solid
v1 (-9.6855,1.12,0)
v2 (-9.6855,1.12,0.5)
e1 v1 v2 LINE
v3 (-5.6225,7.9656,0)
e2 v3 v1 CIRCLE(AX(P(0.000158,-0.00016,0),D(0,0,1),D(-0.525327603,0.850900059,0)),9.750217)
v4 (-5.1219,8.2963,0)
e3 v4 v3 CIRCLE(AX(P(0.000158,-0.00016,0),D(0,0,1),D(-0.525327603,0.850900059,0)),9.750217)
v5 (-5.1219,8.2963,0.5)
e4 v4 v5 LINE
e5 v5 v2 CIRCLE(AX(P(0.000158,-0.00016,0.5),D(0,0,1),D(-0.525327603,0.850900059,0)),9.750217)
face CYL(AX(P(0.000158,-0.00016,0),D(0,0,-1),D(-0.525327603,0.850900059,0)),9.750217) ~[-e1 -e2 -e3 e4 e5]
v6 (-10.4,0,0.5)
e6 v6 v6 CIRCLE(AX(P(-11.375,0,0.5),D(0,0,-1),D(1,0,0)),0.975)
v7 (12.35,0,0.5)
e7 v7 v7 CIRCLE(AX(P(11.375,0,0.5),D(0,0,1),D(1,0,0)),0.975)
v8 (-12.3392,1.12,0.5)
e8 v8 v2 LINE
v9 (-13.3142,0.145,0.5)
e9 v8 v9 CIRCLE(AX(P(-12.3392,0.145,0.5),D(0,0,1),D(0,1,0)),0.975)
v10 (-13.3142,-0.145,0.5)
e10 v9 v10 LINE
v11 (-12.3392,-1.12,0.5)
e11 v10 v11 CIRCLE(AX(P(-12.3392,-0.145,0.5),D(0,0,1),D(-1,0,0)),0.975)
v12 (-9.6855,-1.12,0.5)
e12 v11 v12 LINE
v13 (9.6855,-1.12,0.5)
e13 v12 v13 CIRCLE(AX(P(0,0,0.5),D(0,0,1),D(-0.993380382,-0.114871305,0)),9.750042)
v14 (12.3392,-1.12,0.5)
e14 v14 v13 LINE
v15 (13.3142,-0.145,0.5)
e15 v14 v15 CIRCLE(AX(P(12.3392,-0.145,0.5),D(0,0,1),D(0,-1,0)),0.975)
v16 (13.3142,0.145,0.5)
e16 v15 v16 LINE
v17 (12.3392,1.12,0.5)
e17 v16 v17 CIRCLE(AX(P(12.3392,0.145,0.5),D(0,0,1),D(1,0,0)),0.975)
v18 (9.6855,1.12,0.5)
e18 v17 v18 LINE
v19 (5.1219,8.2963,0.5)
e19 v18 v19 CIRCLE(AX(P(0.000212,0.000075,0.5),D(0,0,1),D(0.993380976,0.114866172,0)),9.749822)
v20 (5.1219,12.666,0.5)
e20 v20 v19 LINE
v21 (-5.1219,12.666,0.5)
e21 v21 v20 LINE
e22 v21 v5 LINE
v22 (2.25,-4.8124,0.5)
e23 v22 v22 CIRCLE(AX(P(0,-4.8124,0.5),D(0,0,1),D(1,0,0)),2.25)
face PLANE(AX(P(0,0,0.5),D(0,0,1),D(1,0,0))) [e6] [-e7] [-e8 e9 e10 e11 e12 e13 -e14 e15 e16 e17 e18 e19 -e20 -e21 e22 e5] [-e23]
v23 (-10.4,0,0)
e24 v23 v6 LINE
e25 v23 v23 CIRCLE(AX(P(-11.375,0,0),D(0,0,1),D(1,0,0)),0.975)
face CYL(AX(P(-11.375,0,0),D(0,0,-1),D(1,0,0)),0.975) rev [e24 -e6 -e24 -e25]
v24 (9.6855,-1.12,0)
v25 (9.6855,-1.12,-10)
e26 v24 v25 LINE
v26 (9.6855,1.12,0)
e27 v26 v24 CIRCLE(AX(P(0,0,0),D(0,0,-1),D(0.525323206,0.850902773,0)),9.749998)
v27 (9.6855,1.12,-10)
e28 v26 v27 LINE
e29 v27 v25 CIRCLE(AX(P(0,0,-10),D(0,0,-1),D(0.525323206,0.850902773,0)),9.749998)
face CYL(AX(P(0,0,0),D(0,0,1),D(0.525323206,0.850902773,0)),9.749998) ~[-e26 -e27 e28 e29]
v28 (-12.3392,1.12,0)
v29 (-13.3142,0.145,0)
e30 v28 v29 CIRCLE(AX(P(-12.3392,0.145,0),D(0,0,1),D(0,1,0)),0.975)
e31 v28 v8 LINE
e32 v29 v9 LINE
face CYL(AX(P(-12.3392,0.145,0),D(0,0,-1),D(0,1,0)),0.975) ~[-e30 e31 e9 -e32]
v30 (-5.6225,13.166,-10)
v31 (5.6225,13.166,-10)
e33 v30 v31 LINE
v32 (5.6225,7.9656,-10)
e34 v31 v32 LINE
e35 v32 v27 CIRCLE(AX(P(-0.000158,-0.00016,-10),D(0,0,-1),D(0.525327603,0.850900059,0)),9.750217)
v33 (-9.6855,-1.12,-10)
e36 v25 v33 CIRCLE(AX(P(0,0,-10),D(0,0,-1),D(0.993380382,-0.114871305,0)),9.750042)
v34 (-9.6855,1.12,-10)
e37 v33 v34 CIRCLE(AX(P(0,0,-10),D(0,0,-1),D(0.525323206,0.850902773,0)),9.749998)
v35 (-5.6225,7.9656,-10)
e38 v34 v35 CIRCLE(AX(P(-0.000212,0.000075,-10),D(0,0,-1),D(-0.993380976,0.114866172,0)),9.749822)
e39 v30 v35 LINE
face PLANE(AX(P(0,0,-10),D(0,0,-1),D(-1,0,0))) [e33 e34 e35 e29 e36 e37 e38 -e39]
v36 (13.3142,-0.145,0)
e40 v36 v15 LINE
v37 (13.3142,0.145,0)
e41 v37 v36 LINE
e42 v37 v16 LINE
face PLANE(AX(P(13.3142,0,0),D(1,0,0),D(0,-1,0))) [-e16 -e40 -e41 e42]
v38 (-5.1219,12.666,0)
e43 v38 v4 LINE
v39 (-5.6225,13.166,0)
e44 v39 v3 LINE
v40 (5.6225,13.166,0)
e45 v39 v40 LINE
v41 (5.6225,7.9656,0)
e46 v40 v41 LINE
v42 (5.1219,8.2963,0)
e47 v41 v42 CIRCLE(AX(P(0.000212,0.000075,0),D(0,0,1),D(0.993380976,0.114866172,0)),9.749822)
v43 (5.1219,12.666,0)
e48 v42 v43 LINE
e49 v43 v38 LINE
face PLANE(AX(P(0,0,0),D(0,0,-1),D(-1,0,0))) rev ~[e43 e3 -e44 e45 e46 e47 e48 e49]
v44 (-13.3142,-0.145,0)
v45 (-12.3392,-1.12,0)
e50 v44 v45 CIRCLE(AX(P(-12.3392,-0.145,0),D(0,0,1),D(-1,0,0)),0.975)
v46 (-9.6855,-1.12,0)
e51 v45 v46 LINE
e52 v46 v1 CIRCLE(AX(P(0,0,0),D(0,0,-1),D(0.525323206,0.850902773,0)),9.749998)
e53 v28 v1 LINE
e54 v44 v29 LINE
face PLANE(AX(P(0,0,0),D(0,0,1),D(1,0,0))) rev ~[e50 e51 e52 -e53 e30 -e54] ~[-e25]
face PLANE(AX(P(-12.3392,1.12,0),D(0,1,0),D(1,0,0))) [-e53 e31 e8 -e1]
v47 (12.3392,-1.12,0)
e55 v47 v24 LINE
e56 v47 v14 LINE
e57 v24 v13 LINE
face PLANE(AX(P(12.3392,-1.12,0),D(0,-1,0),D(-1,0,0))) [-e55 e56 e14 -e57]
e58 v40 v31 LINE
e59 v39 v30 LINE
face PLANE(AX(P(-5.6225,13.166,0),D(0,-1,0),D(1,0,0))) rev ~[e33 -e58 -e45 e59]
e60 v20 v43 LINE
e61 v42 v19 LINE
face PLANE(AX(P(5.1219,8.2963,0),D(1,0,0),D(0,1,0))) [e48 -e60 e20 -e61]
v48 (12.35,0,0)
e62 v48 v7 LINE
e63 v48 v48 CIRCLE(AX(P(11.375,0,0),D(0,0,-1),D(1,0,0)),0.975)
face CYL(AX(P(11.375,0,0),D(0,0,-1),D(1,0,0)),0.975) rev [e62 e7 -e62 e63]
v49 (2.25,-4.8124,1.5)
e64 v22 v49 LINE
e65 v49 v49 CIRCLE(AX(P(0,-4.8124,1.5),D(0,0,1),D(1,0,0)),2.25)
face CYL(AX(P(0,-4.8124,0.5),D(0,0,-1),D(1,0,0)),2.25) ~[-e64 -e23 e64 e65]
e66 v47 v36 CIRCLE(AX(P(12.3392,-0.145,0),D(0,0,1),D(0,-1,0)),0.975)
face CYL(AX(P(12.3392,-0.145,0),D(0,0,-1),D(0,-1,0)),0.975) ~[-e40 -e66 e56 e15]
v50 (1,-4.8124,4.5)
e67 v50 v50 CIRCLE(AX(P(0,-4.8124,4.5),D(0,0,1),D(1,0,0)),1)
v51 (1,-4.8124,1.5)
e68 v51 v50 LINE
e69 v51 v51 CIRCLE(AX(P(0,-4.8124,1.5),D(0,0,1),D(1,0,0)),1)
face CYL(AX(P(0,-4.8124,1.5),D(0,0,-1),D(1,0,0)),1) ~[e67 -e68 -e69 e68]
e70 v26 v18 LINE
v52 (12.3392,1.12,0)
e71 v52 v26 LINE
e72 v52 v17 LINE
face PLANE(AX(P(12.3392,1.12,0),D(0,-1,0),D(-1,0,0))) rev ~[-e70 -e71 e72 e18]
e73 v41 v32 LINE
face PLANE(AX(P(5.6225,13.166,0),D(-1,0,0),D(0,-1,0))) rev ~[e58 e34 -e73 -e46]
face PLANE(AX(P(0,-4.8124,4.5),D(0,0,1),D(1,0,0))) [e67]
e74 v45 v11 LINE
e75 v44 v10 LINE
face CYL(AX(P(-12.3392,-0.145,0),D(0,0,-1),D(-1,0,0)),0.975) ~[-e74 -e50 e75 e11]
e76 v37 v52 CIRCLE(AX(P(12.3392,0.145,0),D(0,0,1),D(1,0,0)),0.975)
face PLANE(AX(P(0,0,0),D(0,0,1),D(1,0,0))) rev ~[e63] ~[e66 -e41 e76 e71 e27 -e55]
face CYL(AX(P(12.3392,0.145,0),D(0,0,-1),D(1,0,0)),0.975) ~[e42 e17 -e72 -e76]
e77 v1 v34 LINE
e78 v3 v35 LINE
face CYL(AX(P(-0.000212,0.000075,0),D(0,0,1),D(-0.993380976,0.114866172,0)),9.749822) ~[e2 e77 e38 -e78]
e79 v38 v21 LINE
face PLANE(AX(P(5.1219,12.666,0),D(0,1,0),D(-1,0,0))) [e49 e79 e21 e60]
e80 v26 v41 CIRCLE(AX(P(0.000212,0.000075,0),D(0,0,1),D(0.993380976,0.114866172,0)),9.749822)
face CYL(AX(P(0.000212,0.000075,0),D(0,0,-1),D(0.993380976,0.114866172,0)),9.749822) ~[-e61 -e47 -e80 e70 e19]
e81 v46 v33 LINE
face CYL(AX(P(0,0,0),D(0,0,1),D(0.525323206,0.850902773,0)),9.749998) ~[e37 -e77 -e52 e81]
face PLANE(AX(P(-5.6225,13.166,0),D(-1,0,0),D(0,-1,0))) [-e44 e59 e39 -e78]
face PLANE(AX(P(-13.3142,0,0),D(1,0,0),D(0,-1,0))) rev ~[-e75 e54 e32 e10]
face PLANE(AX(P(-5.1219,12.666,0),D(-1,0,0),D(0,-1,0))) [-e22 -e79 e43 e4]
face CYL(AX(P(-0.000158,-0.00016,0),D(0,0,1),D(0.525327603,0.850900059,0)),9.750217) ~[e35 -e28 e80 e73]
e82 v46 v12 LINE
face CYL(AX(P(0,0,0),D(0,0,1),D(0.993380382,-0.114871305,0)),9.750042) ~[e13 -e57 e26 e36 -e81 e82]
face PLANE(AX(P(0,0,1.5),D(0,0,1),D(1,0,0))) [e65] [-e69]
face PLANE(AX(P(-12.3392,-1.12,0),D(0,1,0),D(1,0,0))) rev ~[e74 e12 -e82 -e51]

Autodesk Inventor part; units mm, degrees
ref_plane "YZ Plane" through (0, 0, 0) normal (1, 0, 0) x (0, 1, 0)
ref_plane "XZ Plane" through (0, 0, 0) normal (0, 1, 0) x (-1, 0, 0)
ref_plane "XY Plane" through (0, 0, 0) normal (0, 0, 1) x (1, 0, 0)
sketch "Boceto1" plane through (0, 0, 0) normal (0, 0, 1) x (1, 0, 0)
  circle A0 centre (-11.375, 0) radius 0.975
  arc A1 (13.3142, 0.145) -> (12.3392, 1.12) centre (12.3392, 0.145) ccw
  line L0 (12.3392, 1.12) -> (9.6855, 1.12)
  line L1 (18.4935, 0) -> (-19.3273, 0)
  arc A2 (12.3392, -1.12) -> (13.3142, -0.145) centre (12.3392, -0.145) ccw
  line L2 (12.3392, -1.12) -> (9.6855, -1.12)
  line L3 (0, 0) -> (0, 1.0605)
  arc A3 (-12.3392, 1.12) -> (-13.3142, 0.145) centre (-12.3392, 0.145) ccw
  line L4 (-12.3392, 1.12) -> (-9.6855, 1.12)
  line L5 (-12.3392, -1.12) -> (-9.6855, -1.12)
  arc A4 (-13.3142, -0.145) -> (-12.3392, -1.12) centre (-12.3392, -0.145) ccw
  line L6 (-5.1219, 12.666) -> (5.1219, 12.666)
  arc A5 (-5.1219, 8.2963) -> (-9.6855, 1.12) centre (0, 0) ccw
  arc A6 (-9.6855, -1.12) -> (9.6855, -1.12) centre (0, 0) ccw
  arc A7 (9.6855, 1.12) -> (5.1219, 8.2963) centre (0, 0) ccw
  line L7 (-5.1219, 12.666) -> (-5.1219, 8.2963)
  line L8 (5.1219, 12.666) -> (5.1219, 8.2963)
  line L9 (-13.3142, 0.145) -> (-13.3142, -0.145)
  line L10 (13.3142, 0.145) -> (13.3142, -0.145)
  circle A8 centre (11.375, 0) radius 0.975
  point P0 (13.3033, 0)
  point P1 (13.3142, 0)
  point P2 (5.1219, 10.4811)
  dimension "d2" = 1.95
  dimension "d4" = 11.375
  dimension "d7" = 1.95
  dimension "d12" = 2.6537
  dimension "d20" = 9.75
  dimension "d21" = 2.24
  dimension "d22" = 12.666
  dimension "d24" = 10.2439
  dimension "d25" = 10.2439
  dimension "d26" = 4.3697
  dimension "d29" = 1.95
  dimension "d30" = 11.375
extrude "Extrusión3" add sketch "Boceto1" along normal blind 0.5 contours L1 A8 L10 A2 L2 A6 L5 A4 L9 A0 | A0 L1 L9 A3 L4 A5 L7 L6 L8 A7 L0 A1 L10 A8
sketch "Boceto2" plane through (0, 0, 0) normal (0, 0, -1) x (-1, 0, 0)
  line L0 (-5.1219, 12.666) -> (5.1219, 12.666) projected
  line L1 (-5.1219, 8.2963) -> (-5.1219, 12.666) projected
  arc A0 (-5.1219, 8.2963) -> (-9.6855, 1.12) centre (0, 0) ccw projected
  line L2 (-12.3392, 1.12) -> (-9.6855, 1.12) projected
  arc A1 (-12.3392, 1.12) -> (-13.3142, 0.145) centre (-12.3392, 0.145) ccw projected
  line L3 (-13.3142, -0.145) -> (-13.3142, 0.145) projected
  arc A2 (-13.3142, -0.145) -> (-12.3392, -1.12) centre (-12.3392, -0.145) ccw projected
  line L4 (-9.6855, -1.12) -> (-12.3392, -1.12) projected
  arc A3 (-9.6855, -1.12) -> (9.6855, -1.12) centre (0, 0) ccw projected
  line L5 (12.3392, -1.12) -> (9.6855, -1.12) projected
  arc A4 (12.3392, -1.12) -> (13.3142, -0.145) centre (12.3392, -0.145) ccw projected
  line L6 (13.3142, 0.145) -> (13.3142, -0.145) projected
  arc A5 (13.3142, 0.145) -> (12.3392, 1.12) centre (12.3392, 0.145) ccw projected
  line L7 (9.6855, 1.12) -> (12.3392, 1.12) projected
  arc A6 (9.6855, 1.12) -> (5.1219, 8.2963) centre (0, 0) ccw projected
  line L8 (5.1219, 12.666) -> (5.1219, 8.2963) projected
  arc A7 (-5.1219, 8.2963) -> (5.1219, 8.2963) centre (0, 0) ccw
  line L9 (-5.1219, 8.2963) -> (-5.1219, 12.666) projected
  line L10 (-5.1219, 8.2963) -> (-5.1219, 12.666)
  line L11 (-5.1219, 12.666) -> (5.1219, 12.666)
  line L12 (5.1219, 8.2963) -> (5.1219, 12.666)
  point P0 (9.6855, -1.12)
  point P1 (-9.6855, 1.12)
extrude "Extrusión4" add sketch "Boceto2" along normal blind 10 contours L0 L8 A6 A7 A3 A0 L1
sketch "Boceto3" plane through (0, 0, 0) normal (0, 0, -1) x (-1, 0, 0)
  arc A0 (-5.1219, 8.2963) -> (5.1219, 8.2963) centre (0, 0) ccw projected
  line L0 (5.6225, 13.166) -> (-5.6225, 13.166)
  arc A1 (5.6225, 7.9656) -> (-5.6225, 7.9656) centre (0, 0) ccw
  line L1 (5.1219, 12.666) -> (-5.1219, 12.666) projected
  line L2 (5.6225, 13.166) -> (5.6225, 7.9656)
  line L3 (-5.6225, 13.166) -> (-5.6225, 7.9656)
  point P0 (0, 13.166)
  point P1 (0, 12.666)
  point P2 (-5.6225, 7.9656)
  point P3 (-5.1219, 8.2963)
  point P4 (5.1219, 8.2963)
  point P5 (5.6225, 7.9656)
  dimension "d38" = 11.245
  dimension "d39" = 13.166
extrude "Extrusión6" add sketch "Boceto3" along normal blind 10 contours A0 L3 L0 L2 A1
sketch "Boceto4" plane through (0, 0, 0.5) normal (0, 0, 1) x (1, 0, 0)
  circle A0 centre (0, -4.8124) radius 2.25
  point P0 (0, 0)
  dimension "d42" = 4.5
extrude "Extrusión7" add sketch "Boceto4" along normal blind 1
sketch "Boceto5" plane through (0, -4.8124, 1.5) normal (0, 0, 1) x (1, 0, 0)
  circle A0 centre (0, 0) radius 1
  point P0 (0, 4.8124)
  dimension "d45" = 2
extrude "Extrusión8" add sketch "Boceto5" along normal blind 3
properties part number "stepper_motor" material "Acero, suave"
